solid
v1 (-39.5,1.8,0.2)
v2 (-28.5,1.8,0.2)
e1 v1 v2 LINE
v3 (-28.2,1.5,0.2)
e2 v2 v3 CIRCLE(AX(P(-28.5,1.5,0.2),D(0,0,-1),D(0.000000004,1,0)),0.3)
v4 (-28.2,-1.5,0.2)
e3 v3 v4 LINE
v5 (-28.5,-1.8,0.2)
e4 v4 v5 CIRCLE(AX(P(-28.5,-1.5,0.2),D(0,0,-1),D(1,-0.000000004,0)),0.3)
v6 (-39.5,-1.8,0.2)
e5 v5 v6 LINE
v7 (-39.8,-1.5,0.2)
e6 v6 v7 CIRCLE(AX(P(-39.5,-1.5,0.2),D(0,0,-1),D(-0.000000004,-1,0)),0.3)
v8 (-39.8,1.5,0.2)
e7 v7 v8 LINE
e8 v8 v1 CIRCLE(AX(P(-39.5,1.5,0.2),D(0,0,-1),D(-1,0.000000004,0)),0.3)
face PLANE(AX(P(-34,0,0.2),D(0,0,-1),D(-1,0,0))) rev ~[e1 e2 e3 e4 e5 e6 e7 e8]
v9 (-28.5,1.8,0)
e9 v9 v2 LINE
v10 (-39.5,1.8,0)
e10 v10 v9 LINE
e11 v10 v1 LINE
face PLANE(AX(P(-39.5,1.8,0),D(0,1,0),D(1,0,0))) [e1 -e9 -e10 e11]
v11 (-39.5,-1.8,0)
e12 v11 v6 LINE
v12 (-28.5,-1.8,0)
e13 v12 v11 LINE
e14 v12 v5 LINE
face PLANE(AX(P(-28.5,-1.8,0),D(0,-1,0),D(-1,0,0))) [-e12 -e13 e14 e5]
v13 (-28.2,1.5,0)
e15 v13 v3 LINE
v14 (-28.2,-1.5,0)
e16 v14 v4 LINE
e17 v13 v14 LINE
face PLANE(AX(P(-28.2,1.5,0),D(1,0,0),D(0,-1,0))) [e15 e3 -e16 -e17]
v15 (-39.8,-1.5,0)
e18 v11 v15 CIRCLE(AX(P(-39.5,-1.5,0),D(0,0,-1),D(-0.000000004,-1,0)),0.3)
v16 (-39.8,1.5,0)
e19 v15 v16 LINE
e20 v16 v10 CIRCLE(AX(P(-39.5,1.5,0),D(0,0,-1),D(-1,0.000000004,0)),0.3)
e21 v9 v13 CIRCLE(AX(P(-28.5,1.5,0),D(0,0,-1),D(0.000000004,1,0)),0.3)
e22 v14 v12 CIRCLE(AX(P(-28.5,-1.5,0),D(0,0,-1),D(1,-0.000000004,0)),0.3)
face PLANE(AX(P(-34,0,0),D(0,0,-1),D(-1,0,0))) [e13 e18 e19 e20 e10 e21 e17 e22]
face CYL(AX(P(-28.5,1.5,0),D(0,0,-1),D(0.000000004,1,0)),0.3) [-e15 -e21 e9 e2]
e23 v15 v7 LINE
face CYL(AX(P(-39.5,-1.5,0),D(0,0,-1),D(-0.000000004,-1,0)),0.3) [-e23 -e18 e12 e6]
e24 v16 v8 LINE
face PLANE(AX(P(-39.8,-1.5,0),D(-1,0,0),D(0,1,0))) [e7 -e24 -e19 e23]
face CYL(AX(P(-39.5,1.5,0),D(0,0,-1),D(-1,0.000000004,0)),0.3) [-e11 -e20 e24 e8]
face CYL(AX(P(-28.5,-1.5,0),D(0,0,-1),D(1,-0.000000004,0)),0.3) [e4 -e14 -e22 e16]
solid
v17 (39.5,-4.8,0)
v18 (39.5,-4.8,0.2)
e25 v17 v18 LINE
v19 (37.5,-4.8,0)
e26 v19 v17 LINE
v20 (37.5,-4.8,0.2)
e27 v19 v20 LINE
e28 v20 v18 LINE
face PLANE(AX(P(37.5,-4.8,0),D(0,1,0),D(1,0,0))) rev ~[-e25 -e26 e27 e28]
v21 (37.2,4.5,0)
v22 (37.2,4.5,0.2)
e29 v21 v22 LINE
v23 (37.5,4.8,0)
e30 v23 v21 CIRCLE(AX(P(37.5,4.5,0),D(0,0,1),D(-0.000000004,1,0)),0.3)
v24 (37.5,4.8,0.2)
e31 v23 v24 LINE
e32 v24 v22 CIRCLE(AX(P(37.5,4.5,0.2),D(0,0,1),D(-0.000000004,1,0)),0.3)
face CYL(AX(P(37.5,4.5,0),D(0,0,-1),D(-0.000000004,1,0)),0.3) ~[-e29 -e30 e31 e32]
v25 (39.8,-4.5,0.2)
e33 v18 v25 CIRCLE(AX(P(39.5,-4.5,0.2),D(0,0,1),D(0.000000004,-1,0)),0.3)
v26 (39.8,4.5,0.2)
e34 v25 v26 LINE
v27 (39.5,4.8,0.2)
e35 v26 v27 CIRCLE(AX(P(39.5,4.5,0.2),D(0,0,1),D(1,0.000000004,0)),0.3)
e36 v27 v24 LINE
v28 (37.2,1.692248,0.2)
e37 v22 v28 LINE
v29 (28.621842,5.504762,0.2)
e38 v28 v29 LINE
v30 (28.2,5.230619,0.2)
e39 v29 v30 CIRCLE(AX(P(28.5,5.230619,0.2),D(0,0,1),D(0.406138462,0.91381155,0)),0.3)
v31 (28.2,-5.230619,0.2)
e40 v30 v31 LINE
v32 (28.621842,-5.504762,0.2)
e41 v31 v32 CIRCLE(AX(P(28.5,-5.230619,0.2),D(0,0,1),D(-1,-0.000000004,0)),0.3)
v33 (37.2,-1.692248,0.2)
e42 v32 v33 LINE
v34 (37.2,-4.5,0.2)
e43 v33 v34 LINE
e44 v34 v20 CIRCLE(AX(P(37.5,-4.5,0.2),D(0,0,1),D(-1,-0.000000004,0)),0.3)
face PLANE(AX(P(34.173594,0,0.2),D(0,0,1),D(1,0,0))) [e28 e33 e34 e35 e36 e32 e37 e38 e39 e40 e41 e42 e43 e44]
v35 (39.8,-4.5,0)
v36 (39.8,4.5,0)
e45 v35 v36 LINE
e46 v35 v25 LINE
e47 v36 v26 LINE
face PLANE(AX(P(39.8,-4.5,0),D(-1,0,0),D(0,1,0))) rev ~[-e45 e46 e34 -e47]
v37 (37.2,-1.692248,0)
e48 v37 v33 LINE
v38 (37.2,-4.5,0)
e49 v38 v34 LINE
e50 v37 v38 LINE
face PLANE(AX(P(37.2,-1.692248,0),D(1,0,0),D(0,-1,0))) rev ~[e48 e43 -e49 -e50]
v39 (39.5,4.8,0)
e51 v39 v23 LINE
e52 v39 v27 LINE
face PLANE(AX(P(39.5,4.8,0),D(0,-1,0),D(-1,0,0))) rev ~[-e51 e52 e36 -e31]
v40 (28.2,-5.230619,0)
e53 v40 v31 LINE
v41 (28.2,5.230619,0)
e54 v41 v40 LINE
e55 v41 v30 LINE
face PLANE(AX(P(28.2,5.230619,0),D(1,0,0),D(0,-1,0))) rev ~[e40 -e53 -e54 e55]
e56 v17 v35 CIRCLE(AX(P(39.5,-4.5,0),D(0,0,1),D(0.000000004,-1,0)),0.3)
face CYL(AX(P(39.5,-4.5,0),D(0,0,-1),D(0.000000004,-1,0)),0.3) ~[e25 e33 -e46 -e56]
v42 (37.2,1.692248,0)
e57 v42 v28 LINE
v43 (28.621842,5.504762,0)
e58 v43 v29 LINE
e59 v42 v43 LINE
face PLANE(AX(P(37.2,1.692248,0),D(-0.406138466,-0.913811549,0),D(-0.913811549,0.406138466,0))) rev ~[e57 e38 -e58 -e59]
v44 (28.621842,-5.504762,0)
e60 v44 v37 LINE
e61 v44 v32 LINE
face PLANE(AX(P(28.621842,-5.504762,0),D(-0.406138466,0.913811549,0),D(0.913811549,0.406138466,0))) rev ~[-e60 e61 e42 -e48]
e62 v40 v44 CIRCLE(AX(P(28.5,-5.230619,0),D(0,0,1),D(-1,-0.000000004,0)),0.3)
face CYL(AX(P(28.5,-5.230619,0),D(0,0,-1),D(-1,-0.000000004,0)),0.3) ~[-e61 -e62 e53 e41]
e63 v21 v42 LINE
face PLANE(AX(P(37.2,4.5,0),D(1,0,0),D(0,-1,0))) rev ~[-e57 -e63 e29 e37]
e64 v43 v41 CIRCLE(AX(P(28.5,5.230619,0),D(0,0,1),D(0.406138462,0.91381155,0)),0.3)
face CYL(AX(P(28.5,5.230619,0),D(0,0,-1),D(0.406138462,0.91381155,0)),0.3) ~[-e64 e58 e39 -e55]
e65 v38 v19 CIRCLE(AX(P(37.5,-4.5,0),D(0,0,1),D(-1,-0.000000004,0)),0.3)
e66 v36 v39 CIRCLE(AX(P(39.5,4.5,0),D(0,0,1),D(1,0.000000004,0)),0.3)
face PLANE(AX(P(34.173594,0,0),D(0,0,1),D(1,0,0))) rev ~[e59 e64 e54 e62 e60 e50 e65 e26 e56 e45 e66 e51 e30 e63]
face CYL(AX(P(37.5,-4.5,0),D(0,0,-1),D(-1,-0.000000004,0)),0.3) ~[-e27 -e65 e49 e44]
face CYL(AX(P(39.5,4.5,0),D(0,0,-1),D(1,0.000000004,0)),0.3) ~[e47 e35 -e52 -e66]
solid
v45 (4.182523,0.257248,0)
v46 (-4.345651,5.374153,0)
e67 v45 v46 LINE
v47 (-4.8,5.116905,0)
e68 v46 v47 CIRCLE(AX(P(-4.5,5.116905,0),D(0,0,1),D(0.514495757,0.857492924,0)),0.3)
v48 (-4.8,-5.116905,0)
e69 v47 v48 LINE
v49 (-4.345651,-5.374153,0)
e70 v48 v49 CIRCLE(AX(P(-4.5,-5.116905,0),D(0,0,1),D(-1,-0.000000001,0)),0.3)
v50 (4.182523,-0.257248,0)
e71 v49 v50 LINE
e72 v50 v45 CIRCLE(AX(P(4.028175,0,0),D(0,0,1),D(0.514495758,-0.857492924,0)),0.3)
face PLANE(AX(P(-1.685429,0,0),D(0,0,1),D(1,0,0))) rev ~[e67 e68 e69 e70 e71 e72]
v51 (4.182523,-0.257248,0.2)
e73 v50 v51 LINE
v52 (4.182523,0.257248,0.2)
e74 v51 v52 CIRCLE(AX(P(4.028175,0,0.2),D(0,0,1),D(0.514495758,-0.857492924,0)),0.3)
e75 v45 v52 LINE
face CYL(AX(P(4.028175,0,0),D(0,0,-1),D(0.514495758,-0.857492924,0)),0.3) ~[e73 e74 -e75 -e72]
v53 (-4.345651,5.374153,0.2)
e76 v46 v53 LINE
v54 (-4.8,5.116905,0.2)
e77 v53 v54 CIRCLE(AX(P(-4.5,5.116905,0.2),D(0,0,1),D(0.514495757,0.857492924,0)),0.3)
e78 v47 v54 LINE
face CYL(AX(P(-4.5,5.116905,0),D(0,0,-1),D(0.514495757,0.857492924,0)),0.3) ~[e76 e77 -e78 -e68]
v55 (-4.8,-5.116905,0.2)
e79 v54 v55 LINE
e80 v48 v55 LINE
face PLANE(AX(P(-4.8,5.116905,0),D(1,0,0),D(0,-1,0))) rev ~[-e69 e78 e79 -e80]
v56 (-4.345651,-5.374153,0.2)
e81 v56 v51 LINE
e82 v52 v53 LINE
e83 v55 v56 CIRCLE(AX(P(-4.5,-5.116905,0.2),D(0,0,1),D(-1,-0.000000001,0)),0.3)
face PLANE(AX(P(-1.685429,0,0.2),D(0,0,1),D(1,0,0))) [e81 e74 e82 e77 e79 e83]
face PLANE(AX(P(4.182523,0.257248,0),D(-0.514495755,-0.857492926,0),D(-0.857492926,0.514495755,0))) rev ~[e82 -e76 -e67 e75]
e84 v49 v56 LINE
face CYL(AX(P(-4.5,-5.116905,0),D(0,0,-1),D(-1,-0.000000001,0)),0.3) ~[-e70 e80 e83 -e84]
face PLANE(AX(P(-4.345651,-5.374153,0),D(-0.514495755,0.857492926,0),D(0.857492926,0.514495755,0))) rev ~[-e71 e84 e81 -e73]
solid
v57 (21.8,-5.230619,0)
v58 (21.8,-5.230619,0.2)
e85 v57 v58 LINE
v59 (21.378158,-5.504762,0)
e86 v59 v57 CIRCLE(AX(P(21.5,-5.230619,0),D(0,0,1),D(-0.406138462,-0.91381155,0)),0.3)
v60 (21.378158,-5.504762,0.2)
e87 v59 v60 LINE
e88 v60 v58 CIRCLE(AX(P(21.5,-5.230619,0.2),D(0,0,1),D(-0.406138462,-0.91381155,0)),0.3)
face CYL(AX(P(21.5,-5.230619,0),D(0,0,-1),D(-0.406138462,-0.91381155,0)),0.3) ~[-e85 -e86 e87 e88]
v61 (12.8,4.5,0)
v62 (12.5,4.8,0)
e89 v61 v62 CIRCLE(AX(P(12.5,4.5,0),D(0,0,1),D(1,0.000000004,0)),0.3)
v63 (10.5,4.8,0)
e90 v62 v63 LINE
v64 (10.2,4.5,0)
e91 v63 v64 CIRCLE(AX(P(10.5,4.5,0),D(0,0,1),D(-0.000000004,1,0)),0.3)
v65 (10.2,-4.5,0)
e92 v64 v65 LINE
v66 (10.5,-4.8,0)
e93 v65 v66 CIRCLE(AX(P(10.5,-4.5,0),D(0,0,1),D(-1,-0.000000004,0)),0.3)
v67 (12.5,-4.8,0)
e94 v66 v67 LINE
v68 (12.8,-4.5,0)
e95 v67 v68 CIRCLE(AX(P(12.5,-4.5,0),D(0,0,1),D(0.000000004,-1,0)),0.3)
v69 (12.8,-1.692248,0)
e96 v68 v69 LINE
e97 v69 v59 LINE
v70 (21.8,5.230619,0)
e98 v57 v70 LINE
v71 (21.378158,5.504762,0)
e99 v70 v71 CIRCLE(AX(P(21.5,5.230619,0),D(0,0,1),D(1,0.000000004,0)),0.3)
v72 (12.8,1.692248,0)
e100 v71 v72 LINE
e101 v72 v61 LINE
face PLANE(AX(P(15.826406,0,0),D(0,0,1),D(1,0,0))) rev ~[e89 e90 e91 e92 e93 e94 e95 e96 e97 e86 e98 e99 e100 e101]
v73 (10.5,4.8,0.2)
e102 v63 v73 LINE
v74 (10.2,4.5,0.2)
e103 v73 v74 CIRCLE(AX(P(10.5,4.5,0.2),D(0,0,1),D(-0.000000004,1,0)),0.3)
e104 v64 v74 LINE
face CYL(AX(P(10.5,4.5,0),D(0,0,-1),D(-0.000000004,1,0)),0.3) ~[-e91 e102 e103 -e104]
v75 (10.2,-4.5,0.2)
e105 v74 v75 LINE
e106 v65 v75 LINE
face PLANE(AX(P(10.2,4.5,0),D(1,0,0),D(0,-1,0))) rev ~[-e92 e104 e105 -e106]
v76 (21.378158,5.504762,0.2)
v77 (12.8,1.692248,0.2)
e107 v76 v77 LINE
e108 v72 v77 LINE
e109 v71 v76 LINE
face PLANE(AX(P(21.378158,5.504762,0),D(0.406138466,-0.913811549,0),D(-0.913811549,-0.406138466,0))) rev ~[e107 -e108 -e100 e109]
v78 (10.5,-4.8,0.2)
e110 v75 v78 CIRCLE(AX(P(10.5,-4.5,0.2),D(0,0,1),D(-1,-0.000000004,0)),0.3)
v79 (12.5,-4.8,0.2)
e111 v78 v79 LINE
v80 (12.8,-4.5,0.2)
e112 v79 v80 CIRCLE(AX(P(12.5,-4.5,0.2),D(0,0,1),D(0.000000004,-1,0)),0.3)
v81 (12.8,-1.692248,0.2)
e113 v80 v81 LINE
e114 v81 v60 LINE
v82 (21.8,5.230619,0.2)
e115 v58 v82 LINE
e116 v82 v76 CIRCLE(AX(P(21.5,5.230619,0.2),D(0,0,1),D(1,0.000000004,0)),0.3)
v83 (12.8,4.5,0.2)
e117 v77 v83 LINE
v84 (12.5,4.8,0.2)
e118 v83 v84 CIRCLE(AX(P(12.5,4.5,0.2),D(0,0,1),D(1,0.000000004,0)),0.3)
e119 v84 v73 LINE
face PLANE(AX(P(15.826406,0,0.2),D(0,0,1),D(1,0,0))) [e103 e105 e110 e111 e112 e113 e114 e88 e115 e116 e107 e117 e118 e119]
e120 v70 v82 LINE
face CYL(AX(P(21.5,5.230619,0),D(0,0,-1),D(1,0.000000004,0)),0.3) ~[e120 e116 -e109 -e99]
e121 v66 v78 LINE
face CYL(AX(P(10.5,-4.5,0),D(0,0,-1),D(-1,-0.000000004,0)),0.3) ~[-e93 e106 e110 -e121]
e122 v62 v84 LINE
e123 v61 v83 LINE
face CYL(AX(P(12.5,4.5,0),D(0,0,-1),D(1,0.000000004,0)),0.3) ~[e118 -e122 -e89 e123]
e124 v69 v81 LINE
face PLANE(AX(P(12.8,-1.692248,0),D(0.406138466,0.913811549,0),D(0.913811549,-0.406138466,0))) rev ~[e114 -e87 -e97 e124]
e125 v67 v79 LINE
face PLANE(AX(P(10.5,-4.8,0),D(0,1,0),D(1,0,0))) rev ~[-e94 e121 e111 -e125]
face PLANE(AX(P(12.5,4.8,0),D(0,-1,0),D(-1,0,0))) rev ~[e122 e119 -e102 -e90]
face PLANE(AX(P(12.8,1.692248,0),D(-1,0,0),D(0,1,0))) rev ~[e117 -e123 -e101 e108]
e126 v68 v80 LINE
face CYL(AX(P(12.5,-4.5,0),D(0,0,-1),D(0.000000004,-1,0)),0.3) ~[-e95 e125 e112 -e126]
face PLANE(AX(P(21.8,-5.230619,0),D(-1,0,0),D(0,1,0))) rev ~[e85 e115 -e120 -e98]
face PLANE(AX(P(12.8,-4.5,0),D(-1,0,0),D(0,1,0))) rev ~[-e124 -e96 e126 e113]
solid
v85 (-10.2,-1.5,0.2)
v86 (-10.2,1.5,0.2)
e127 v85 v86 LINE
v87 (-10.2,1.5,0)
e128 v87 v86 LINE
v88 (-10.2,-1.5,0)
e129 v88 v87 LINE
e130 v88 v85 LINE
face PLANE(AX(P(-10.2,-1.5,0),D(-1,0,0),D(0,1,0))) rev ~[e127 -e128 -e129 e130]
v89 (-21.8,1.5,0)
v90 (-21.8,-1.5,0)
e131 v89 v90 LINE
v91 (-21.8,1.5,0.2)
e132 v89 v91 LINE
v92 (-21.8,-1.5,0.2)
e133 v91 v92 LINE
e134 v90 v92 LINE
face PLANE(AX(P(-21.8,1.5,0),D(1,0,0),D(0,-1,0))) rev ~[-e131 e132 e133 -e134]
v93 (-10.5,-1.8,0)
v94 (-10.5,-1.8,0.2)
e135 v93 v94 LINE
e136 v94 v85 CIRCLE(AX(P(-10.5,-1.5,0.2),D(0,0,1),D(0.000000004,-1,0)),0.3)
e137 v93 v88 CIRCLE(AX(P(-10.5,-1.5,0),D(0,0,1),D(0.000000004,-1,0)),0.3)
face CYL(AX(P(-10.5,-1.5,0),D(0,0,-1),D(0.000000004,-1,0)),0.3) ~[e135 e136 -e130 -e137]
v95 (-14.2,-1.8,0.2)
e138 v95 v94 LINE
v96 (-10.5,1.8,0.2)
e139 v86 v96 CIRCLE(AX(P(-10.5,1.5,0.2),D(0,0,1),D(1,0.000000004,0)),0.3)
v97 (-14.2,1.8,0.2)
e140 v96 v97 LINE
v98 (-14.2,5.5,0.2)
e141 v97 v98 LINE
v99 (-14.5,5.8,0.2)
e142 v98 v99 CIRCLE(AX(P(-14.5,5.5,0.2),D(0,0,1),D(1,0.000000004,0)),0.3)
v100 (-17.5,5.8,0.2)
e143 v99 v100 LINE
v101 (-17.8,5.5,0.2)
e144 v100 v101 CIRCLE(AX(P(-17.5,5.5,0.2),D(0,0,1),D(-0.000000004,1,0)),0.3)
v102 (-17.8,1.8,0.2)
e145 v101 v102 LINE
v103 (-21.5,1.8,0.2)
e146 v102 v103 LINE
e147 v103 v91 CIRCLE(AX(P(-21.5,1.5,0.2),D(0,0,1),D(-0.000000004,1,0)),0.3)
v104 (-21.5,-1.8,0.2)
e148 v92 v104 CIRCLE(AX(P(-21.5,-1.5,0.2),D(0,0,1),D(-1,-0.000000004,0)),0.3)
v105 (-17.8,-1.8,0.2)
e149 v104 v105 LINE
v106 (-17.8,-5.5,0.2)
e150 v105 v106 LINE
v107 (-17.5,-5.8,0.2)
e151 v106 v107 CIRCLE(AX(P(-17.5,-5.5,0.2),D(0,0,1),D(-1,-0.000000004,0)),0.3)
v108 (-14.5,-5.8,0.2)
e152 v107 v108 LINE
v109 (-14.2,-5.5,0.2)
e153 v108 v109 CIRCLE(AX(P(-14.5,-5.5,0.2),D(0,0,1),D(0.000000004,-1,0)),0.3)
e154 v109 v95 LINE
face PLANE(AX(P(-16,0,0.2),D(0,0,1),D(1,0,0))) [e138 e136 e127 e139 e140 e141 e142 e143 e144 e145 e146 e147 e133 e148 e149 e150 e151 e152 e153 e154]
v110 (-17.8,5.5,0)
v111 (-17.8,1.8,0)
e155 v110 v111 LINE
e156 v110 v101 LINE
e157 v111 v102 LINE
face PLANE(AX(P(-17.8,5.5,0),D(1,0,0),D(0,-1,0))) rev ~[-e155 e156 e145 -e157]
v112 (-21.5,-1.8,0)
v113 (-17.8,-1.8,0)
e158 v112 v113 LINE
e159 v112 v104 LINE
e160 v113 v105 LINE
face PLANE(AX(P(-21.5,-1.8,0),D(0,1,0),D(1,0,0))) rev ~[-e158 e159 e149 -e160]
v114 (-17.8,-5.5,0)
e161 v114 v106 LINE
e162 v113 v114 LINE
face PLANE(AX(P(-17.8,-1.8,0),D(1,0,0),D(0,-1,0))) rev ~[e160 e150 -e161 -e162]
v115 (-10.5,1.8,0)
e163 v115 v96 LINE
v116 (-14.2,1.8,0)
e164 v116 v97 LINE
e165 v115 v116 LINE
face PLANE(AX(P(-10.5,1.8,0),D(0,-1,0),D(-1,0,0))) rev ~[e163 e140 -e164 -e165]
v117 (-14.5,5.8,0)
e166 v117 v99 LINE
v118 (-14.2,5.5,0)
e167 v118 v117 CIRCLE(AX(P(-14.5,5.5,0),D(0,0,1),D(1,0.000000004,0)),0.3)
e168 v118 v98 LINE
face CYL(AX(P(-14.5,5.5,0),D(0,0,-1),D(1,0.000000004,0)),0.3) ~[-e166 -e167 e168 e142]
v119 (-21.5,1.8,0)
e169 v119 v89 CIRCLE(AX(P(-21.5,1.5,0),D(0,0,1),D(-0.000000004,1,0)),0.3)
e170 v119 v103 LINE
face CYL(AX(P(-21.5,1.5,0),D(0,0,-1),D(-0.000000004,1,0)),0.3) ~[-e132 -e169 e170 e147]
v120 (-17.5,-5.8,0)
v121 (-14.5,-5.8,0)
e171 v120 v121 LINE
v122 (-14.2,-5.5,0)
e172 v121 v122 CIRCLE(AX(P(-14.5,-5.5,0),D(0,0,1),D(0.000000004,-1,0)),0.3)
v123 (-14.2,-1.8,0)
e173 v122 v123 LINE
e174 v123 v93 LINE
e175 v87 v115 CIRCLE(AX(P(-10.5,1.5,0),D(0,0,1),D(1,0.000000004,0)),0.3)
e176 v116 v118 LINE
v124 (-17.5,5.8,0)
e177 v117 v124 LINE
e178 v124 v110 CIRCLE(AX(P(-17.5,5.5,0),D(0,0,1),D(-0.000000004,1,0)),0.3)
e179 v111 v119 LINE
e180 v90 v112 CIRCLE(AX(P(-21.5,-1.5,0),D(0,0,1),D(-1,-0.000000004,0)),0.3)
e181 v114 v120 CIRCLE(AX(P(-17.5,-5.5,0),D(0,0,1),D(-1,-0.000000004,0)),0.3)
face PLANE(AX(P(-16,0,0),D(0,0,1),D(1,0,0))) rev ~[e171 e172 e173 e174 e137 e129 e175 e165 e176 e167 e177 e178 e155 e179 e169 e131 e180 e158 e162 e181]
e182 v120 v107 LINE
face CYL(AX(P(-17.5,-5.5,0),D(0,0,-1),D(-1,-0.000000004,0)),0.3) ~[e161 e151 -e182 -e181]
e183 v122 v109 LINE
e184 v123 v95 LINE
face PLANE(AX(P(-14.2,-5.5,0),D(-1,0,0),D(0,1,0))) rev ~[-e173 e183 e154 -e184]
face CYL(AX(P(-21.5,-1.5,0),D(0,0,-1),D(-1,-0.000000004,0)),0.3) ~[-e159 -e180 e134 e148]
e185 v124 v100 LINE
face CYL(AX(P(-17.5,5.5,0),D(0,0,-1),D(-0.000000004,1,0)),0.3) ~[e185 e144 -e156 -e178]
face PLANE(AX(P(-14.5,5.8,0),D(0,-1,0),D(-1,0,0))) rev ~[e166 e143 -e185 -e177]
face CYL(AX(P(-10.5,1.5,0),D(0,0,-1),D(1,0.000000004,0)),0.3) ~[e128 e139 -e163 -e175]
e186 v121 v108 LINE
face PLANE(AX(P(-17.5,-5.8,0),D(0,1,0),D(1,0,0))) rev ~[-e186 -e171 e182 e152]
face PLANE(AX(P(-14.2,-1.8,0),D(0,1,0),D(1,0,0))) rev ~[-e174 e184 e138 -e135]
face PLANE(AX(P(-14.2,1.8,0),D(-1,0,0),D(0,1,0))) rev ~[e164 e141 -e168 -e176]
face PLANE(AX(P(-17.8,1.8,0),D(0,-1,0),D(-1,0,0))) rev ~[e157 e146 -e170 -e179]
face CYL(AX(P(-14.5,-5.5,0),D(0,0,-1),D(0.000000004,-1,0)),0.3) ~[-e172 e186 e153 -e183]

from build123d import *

# Parameters (mm, degrees)
BOSS_EXTRUDE1_DEPTH   = 0.2
BOSS_EXTRUDE1_2_DEPTH = 0.2
BOSS_EXTRUDE1_3_DEPTH = 0.2
BOSS_EXTRUDE1_4_DEPTH = 0.2
BOSS_EXTRUDE1_5_DEPTH = 0.2


with BuildPart() as part:
    # Sketch2 → Boss-Extrude1 (new body)
    with BuildSketch(Plane.XY):
        with BuildLine():
            Line((-4.8, 5.116904811), (-4.8, -5.116904811))
            ThreePointArc((-4.8, -5.116904811), (-4.647809644, -5.377964783), (-4.345651273, -5.374152688))
            Line((-4.345651273, -5.374152688), (4.182523411, -0.257247878))
            ThreePointArc((4.182523411, -0.257247878), (4.328174684, 0), (4.182523411, 0.257247878))
            Line((4.182523411, 0.257247878), (-4.345651273, 5.374152688))
            ThreePointArc((-4.345651273, 5.374152688), (-4.647809644, 5.377964783), (-4.8, 5.116904811))
        make_face()
    extrude(amount=BOSS_EXTRUDE1_DEPTH)


with BuildPart() as body_2:
    # Sketch2 → Boss-Extrude1 2 (new body)
    with BuildSketch(Plane.XY):
        with BuildLine():
            Line((-10.2, -1.5), (-10.2, 1.5))
            ThreePointArc((-10.2, 1.5), (-10.287867966, 1.712132034), (-10.5, 1.8))
            Line((-10.5, 1.8), (-14.2, 1.8))
            Line((-14.2, 1.8), (-14.2, 5.5))
            ThreePointArc((-14.2, 5.5), (-14.287867966, 5.712132034), (-14.5, 5.8))
            Line((-14.5, 5.8), (-17.5, 5.8))
            ThreePointArc((-17.5, 5.8), (-17.712132034, 5.712132034), (-17.8, 5.5))
            Line((-17.8, 5.5), (-17.8, 1.8))
            Line((-17.8, 1.8), (-21.5, 1.8))
            ThreePointArc((-21.5, 1.8), (-21.712132034, 1.712132034), (-21.8, 1.5))
            Line((-21.8, 1.5), (-21.8, -1.5))
            ThreePointArc((-21.8, -1.5), (-21.712132034, -1.712132034), (-21.5, -1.8))
            Line((-21.5, -1.8), (-17.8, -1.8))
            Line((-17.8, -1.8), (-17.8, -5.5))
            ThreePointArc((-17.8, -5.5), (-17.712132034, -5.712132034), (-17.5, -5.8))
            Line((-17.5, -5.8), (-14.5, -5.8))
            ThreePointArc((-14.5, -5.8), (-14.287867966, -5.712132034), (-14.2, -5.5))
            Line((-14.2, -5.5), (-14.2, -1.8))
            Line((-14.2, -1.8), (-10.5, -1.8))
            ThreePointArc((-10.5, -1.8), (-10.287867966, -1.712132034), (-10.2, -1.5))
        make_face()
    extrude(amount=BOSS_EXTRUDE1_2_DEPTH)


with BuildPart() as body_3:
    # Sketch2 → Boss-Extrude1 3 (new body)
    with BuildSketch(Plane.XY):
        with BuildLine():
            Line((-28.2, 1.5), (-28.2, -1.5))
            ThreePointArc((-28.2, -1.5), (-28.287867966, -1.712132034), (-28.5, -1.8))
            Line((-28.5, -1.8), (-39.5, -1.8))
            ThreePointArc((-39.5, -1.8), (-39.712132034, -1.712132034), (-39.8, -1.5))
            Line((-39.8, -1.5), (-39.8, 1.5))
            ThreePointArc((-39.8, 1.5), (-39.712132034, 1.712132034), (-39.5, 1.8))
            Line((-39.5, 1.8), (-28.5, 1.8))
            ThreePointArc((-28.5, 1.8), (-28.287867966, 1.712132034), (-28.2, 1.5))
        make_face()
    extrude(amount=BOSS_EXTRUDE1_3_DEPTH)


with BuildPart() as body_4:
    # Sketch2 → Boss-Extrude1 4 (new body)
    with BuildSketch(Plane.XY):
        with BuildLine():
            Line((10.2, 4.5), (10.2, -4.5))
            ThreePointArc((10.2, -4.5), (10.287867966, -4.712132034), (10.5, -4.8))
            Line((10.5, -4.8), (12.5, -4.8))
            ThreePointArc((12.5, -4.8), (12.712132034, -4.712132034), (12.8, -4.5))
            Line((12.8, -4.5), (12.8, -1.692247604))
            Line((12.8, -1.692247604), (21.37815846, -5.504762476))
            ThreePointArc((21.37815846, -5.504762476), (21.663474062, -5.482166682), (21.8, -5.230619011))
            Line((21.8, -5.230619011), (21.8, 5.230619011))
            ThreePointArc((21.8, 5.230619011), (21.663474062, 5.482166682), (21.37815846, 5.504762476))
            Line((21.37815846, 5.504762476), (12.8, 1.692247604))
            Line((12.8, 1.692247604), (12.8, 4.5))
            ThreePointArc((12.8, 4.5), (12.712132034, 4.712132034), (12.5, 4.8))
            Line((12.5, 4.8), (10.5, 4.8))
            ThreePointArc((10.5, 4.8), (10.287867966, 4.712132034), (10.2, 4.5))
        make_face()
    extrude(amount=BOSS_EXTRUDE1_4_DEPTH)


with BuildPart() as body_5:
    # Sketch2 → Boss-Extrude1 5 (new body)
    with BuildSketch(Plane.XY):
        with BuildLine():
            Line((28.2, 5.230619011), (28.2, -5.230619011))
            ThreePointArc((28.2, -5.230619011), (28.336525938, -5.482166682), (28.62184154, -5.504762476))
            Line((28.62184154, -5.504762476), (37.2, -1.692247604))
            Line((37.2, -1.692247604), (37.2, -4.5))
            ThreePointArc((37.2, -4.5), (37.287867966, -4.712132034), (37.5, -4.8))
            Line((37.5, -4.8), (39.5, -4.8))
            ThreePointArc((39.5, -4.8), (39.712132034, -4.712132034), (39.8, -4.5))
            Line((39.8, -4.5), (39.8, 4.5))
            ThreePointArc((39.8, 4.5), (39.712132034, 4.712132034), (39.5, 4.8))
            Line((39.5, 4.8), (37.5, 4.8))
            ThreePointArc((37.5, 4.8), (37.287867966, 4.712132034), (37.2, 4.5))
            Line((37.2, 4.5), (37.2, 1.692247604))
            Line((37.2, 1.692247604), (28.62184154, 5.504762476))
            ThreePointArc((28.62184154, 5.504762476), (28.336525938, 5.482166682), (28.2, 5.230619011))
        make_face()
    extrude(amount=BOSS_EXTRUDE1_5_DEPTH)


solid = Compound([part.part, body_2.part, body_3.part, body_4.part, body_5.part])
